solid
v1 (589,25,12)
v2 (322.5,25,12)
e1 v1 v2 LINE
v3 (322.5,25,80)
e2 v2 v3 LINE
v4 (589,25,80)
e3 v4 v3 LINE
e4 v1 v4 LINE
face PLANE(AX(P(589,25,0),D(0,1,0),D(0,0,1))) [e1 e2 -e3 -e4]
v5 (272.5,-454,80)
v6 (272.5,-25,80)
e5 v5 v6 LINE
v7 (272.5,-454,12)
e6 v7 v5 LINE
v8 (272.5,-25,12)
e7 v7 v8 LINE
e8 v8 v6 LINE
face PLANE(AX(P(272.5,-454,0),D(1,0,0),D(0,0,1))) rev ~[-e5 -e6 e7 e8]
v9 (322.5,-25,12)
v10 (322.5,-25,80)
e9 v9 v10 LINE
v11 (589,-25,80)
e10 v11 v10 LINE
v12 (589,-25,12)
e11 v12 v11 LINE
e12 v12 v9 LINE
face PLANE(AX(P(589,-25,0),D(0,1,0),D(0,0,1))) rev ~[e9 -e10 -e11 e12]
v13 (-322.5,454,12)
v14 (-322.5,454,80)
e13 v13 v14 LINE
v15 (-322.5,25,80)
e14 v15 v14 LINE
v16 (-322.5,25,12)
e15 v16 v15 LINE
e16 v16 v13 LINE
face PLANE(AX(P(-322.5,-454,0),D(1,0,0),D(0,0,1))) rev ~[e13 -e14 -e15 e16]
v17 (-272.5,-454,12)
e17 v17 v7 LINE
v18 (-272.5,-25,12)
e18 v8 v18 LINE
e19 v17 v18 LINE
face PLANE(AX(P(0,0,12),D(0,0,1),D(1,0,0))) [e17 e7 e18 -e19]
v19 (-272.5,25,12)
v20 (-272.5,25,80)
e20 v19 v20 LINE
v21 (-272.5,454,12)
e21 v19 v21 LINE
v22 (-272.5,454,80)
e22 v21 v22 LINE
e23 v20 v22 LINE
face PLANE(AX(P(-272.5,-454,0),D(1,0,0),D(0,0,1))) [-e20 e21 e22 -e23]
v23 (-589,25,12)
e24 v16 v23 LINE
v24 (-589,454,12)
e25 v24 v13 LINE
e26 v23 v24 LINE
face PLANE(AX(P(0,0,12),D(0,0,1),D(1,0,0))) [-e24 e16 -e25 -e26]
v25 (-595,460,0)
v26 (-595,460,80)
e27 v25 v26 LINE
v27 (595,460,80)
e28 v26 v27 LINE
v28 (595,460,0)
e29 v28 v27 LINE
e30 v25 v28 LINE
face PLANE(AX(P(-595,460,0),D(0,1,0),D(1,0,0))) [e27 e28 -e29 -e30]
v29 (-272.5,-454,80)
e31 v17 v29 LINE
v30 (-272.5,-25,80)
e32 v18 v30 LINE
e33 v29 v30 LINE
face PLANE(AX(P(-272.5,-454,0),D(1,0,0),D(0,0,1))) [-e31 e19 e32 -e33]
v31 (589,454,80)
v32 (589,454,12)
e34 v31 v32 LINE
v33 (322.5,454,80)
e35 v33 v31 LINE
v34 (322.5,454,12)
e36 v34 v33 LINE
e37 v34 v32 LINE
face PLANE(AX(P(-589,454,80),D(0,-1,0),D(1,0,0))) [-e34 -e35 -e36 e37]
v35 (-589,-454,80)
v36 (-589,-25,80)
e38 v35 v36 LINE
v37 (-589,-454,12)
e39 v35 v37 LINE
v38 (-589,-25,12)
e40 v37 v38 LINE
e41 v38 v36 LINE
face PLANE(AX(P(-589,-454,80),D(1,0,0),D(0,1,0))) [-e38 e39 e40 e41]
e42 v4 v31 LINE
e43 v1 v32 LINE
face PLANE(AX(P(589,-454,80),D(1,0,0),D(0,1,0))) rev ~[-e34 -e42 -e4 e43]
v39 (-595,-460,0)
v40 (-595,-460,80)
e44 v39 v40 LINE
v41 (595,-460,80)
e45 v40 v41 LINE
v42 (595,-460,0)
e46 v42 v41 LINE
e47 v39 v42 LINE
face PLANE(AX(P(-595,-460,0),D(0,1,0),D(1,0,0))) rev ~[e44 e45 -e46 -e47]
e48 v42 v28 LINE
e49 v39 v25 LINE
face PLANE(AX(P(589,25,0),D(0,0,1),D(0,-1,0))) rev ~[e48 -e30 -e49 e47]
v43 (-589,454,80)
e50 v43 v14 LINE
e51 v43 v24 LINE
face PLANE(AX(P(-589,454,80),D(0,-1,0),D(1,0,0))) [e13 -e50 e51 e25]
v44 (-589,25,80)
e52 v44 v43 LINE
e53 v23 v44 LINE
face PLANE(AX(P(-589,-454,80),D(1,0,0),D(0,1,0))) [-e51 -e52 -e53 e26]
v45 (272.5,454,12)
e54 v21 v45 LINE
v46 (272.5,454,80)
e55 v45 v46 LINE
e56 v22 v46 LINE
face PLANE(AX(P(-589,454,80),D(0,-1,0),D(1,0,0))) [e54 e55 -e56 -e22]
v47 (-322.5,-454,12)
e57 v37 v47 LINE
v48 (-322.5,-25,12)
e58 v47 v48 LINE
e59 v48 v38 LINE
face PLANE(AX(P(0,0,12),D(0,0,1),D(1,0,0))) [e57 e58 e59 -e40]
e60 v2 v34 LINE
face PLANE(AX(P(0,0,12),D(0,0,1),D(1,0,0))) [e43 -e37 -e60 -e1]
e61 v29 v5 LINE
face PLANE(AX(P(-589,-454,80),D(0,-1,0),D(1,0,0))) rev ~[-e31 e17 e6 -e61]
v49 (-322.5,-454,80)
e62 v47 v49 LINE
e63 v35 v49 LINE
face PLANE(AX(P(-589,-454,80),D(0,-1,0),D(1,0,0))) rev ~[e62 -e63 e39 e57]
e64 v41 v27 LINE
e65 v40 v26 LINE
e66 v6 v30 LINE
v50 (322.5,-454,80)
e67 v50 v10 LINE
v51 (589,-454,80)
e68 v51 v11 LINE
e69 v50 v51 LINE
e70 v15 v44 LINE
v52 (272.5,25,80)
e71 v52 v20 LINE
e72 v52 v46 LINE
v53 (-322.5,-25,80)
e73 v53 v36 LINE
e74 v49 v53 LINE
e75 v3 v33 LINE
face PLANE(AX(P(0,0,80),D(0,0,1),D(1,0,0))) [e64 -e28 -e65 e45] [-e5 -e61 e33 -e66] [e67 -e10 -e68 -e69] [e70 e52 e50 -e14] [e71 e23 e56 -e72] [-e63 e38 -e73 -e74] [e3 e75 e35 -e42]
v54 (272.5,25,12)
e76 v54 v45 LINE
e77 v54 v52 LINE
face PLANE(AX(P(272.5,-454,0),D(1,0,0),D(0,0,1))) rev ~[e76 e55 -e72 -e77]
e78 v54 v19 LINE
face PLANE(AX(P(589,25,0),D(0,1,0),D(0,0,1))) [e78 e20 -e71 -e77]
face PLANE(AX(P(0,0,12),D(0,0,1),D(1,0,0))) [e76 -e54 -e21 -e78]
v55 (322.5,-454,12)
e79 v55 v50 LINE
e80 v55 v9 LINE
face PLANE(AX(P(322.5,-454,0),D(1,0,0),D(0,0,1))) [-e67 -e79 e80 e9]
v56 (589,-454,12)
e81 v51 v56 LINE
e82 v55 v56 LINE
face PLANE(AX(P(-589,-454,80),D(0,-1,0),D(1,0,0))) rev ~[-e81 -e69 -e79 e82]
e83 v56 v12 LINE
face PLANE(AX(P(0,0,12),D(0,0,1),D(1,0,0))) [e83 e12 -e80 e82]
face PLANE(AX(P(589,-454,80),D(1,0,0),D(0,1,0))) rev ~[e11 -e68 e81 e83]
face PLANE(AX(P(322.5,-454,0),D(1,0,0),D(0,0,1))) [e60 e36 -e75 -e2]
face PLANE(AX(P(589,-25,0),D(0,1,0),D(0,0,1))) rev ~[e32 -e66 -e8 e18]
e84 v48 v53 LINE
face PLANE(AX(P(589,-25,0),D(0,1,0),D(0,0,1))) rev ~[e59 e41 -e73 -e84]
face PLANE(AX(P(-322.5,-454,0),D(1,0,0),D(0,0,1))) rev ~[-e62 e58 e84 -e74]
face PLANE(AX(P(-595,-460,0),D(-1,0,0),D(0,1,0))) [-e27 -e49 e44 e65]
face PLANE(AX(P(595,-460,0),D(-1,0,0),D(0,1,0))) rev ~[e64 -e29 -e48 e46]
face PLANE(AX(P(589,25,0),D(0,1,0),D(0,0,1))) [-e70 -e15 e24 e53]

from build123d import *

# Parameters (mm, degrees)
F0_W     = 1190
F0_H     = 920
F1_DEPTH = 80
F2_W     = 1178
F2_H     = 908
F3_DEPTH = 68
F4_W     = 50
F4_H     = 80
F5_DEPTH = 908
F6_W     = 50
F6_H     = 80
F7_DEPTH = 1178


with BuildPart() as f1:
    # F0 (on Top) → F1 (new body)
    with BuildSketch(Plane.XY):
        Rectangle(F0_W, F0_H)
    extrude(amount=F1_DEPTH)

    # F2 (on face) → F3 (cut)
    with BuildSketch(Plane.XY.offset(80)):
        Rectangle(F2_W, F2_H)
    extrude(amount=-F3_DEPTH, mode=Mode.SUBTRACT)

    # F4 (on face) → F5 (join)
    with BuildSketch(Plane(origin=(0, -454, 0), x_dir=(-1, 0, 0), z_dir=(0, 1, 0))):
        with Locations((-297.5, 40)):
            Rectangle(F4_W, F4_H)
        with Locations((297.5, 40)):
            Rectangle(F4_W, F4_H)
    extrude(amount=F5_DEPTH)

    # F6 (on face) → F7 (join)
    with BuildSketch(Plane(origin=(589, 0, 0), x_dir=(0, -1, 0), z_dir=(-1, 0, 0))):
        with Locations((0, 40)):
            Rectangle(F6_W, F6_H)
    extrude(amount=F7_DEPTH)


solid = f1.part
